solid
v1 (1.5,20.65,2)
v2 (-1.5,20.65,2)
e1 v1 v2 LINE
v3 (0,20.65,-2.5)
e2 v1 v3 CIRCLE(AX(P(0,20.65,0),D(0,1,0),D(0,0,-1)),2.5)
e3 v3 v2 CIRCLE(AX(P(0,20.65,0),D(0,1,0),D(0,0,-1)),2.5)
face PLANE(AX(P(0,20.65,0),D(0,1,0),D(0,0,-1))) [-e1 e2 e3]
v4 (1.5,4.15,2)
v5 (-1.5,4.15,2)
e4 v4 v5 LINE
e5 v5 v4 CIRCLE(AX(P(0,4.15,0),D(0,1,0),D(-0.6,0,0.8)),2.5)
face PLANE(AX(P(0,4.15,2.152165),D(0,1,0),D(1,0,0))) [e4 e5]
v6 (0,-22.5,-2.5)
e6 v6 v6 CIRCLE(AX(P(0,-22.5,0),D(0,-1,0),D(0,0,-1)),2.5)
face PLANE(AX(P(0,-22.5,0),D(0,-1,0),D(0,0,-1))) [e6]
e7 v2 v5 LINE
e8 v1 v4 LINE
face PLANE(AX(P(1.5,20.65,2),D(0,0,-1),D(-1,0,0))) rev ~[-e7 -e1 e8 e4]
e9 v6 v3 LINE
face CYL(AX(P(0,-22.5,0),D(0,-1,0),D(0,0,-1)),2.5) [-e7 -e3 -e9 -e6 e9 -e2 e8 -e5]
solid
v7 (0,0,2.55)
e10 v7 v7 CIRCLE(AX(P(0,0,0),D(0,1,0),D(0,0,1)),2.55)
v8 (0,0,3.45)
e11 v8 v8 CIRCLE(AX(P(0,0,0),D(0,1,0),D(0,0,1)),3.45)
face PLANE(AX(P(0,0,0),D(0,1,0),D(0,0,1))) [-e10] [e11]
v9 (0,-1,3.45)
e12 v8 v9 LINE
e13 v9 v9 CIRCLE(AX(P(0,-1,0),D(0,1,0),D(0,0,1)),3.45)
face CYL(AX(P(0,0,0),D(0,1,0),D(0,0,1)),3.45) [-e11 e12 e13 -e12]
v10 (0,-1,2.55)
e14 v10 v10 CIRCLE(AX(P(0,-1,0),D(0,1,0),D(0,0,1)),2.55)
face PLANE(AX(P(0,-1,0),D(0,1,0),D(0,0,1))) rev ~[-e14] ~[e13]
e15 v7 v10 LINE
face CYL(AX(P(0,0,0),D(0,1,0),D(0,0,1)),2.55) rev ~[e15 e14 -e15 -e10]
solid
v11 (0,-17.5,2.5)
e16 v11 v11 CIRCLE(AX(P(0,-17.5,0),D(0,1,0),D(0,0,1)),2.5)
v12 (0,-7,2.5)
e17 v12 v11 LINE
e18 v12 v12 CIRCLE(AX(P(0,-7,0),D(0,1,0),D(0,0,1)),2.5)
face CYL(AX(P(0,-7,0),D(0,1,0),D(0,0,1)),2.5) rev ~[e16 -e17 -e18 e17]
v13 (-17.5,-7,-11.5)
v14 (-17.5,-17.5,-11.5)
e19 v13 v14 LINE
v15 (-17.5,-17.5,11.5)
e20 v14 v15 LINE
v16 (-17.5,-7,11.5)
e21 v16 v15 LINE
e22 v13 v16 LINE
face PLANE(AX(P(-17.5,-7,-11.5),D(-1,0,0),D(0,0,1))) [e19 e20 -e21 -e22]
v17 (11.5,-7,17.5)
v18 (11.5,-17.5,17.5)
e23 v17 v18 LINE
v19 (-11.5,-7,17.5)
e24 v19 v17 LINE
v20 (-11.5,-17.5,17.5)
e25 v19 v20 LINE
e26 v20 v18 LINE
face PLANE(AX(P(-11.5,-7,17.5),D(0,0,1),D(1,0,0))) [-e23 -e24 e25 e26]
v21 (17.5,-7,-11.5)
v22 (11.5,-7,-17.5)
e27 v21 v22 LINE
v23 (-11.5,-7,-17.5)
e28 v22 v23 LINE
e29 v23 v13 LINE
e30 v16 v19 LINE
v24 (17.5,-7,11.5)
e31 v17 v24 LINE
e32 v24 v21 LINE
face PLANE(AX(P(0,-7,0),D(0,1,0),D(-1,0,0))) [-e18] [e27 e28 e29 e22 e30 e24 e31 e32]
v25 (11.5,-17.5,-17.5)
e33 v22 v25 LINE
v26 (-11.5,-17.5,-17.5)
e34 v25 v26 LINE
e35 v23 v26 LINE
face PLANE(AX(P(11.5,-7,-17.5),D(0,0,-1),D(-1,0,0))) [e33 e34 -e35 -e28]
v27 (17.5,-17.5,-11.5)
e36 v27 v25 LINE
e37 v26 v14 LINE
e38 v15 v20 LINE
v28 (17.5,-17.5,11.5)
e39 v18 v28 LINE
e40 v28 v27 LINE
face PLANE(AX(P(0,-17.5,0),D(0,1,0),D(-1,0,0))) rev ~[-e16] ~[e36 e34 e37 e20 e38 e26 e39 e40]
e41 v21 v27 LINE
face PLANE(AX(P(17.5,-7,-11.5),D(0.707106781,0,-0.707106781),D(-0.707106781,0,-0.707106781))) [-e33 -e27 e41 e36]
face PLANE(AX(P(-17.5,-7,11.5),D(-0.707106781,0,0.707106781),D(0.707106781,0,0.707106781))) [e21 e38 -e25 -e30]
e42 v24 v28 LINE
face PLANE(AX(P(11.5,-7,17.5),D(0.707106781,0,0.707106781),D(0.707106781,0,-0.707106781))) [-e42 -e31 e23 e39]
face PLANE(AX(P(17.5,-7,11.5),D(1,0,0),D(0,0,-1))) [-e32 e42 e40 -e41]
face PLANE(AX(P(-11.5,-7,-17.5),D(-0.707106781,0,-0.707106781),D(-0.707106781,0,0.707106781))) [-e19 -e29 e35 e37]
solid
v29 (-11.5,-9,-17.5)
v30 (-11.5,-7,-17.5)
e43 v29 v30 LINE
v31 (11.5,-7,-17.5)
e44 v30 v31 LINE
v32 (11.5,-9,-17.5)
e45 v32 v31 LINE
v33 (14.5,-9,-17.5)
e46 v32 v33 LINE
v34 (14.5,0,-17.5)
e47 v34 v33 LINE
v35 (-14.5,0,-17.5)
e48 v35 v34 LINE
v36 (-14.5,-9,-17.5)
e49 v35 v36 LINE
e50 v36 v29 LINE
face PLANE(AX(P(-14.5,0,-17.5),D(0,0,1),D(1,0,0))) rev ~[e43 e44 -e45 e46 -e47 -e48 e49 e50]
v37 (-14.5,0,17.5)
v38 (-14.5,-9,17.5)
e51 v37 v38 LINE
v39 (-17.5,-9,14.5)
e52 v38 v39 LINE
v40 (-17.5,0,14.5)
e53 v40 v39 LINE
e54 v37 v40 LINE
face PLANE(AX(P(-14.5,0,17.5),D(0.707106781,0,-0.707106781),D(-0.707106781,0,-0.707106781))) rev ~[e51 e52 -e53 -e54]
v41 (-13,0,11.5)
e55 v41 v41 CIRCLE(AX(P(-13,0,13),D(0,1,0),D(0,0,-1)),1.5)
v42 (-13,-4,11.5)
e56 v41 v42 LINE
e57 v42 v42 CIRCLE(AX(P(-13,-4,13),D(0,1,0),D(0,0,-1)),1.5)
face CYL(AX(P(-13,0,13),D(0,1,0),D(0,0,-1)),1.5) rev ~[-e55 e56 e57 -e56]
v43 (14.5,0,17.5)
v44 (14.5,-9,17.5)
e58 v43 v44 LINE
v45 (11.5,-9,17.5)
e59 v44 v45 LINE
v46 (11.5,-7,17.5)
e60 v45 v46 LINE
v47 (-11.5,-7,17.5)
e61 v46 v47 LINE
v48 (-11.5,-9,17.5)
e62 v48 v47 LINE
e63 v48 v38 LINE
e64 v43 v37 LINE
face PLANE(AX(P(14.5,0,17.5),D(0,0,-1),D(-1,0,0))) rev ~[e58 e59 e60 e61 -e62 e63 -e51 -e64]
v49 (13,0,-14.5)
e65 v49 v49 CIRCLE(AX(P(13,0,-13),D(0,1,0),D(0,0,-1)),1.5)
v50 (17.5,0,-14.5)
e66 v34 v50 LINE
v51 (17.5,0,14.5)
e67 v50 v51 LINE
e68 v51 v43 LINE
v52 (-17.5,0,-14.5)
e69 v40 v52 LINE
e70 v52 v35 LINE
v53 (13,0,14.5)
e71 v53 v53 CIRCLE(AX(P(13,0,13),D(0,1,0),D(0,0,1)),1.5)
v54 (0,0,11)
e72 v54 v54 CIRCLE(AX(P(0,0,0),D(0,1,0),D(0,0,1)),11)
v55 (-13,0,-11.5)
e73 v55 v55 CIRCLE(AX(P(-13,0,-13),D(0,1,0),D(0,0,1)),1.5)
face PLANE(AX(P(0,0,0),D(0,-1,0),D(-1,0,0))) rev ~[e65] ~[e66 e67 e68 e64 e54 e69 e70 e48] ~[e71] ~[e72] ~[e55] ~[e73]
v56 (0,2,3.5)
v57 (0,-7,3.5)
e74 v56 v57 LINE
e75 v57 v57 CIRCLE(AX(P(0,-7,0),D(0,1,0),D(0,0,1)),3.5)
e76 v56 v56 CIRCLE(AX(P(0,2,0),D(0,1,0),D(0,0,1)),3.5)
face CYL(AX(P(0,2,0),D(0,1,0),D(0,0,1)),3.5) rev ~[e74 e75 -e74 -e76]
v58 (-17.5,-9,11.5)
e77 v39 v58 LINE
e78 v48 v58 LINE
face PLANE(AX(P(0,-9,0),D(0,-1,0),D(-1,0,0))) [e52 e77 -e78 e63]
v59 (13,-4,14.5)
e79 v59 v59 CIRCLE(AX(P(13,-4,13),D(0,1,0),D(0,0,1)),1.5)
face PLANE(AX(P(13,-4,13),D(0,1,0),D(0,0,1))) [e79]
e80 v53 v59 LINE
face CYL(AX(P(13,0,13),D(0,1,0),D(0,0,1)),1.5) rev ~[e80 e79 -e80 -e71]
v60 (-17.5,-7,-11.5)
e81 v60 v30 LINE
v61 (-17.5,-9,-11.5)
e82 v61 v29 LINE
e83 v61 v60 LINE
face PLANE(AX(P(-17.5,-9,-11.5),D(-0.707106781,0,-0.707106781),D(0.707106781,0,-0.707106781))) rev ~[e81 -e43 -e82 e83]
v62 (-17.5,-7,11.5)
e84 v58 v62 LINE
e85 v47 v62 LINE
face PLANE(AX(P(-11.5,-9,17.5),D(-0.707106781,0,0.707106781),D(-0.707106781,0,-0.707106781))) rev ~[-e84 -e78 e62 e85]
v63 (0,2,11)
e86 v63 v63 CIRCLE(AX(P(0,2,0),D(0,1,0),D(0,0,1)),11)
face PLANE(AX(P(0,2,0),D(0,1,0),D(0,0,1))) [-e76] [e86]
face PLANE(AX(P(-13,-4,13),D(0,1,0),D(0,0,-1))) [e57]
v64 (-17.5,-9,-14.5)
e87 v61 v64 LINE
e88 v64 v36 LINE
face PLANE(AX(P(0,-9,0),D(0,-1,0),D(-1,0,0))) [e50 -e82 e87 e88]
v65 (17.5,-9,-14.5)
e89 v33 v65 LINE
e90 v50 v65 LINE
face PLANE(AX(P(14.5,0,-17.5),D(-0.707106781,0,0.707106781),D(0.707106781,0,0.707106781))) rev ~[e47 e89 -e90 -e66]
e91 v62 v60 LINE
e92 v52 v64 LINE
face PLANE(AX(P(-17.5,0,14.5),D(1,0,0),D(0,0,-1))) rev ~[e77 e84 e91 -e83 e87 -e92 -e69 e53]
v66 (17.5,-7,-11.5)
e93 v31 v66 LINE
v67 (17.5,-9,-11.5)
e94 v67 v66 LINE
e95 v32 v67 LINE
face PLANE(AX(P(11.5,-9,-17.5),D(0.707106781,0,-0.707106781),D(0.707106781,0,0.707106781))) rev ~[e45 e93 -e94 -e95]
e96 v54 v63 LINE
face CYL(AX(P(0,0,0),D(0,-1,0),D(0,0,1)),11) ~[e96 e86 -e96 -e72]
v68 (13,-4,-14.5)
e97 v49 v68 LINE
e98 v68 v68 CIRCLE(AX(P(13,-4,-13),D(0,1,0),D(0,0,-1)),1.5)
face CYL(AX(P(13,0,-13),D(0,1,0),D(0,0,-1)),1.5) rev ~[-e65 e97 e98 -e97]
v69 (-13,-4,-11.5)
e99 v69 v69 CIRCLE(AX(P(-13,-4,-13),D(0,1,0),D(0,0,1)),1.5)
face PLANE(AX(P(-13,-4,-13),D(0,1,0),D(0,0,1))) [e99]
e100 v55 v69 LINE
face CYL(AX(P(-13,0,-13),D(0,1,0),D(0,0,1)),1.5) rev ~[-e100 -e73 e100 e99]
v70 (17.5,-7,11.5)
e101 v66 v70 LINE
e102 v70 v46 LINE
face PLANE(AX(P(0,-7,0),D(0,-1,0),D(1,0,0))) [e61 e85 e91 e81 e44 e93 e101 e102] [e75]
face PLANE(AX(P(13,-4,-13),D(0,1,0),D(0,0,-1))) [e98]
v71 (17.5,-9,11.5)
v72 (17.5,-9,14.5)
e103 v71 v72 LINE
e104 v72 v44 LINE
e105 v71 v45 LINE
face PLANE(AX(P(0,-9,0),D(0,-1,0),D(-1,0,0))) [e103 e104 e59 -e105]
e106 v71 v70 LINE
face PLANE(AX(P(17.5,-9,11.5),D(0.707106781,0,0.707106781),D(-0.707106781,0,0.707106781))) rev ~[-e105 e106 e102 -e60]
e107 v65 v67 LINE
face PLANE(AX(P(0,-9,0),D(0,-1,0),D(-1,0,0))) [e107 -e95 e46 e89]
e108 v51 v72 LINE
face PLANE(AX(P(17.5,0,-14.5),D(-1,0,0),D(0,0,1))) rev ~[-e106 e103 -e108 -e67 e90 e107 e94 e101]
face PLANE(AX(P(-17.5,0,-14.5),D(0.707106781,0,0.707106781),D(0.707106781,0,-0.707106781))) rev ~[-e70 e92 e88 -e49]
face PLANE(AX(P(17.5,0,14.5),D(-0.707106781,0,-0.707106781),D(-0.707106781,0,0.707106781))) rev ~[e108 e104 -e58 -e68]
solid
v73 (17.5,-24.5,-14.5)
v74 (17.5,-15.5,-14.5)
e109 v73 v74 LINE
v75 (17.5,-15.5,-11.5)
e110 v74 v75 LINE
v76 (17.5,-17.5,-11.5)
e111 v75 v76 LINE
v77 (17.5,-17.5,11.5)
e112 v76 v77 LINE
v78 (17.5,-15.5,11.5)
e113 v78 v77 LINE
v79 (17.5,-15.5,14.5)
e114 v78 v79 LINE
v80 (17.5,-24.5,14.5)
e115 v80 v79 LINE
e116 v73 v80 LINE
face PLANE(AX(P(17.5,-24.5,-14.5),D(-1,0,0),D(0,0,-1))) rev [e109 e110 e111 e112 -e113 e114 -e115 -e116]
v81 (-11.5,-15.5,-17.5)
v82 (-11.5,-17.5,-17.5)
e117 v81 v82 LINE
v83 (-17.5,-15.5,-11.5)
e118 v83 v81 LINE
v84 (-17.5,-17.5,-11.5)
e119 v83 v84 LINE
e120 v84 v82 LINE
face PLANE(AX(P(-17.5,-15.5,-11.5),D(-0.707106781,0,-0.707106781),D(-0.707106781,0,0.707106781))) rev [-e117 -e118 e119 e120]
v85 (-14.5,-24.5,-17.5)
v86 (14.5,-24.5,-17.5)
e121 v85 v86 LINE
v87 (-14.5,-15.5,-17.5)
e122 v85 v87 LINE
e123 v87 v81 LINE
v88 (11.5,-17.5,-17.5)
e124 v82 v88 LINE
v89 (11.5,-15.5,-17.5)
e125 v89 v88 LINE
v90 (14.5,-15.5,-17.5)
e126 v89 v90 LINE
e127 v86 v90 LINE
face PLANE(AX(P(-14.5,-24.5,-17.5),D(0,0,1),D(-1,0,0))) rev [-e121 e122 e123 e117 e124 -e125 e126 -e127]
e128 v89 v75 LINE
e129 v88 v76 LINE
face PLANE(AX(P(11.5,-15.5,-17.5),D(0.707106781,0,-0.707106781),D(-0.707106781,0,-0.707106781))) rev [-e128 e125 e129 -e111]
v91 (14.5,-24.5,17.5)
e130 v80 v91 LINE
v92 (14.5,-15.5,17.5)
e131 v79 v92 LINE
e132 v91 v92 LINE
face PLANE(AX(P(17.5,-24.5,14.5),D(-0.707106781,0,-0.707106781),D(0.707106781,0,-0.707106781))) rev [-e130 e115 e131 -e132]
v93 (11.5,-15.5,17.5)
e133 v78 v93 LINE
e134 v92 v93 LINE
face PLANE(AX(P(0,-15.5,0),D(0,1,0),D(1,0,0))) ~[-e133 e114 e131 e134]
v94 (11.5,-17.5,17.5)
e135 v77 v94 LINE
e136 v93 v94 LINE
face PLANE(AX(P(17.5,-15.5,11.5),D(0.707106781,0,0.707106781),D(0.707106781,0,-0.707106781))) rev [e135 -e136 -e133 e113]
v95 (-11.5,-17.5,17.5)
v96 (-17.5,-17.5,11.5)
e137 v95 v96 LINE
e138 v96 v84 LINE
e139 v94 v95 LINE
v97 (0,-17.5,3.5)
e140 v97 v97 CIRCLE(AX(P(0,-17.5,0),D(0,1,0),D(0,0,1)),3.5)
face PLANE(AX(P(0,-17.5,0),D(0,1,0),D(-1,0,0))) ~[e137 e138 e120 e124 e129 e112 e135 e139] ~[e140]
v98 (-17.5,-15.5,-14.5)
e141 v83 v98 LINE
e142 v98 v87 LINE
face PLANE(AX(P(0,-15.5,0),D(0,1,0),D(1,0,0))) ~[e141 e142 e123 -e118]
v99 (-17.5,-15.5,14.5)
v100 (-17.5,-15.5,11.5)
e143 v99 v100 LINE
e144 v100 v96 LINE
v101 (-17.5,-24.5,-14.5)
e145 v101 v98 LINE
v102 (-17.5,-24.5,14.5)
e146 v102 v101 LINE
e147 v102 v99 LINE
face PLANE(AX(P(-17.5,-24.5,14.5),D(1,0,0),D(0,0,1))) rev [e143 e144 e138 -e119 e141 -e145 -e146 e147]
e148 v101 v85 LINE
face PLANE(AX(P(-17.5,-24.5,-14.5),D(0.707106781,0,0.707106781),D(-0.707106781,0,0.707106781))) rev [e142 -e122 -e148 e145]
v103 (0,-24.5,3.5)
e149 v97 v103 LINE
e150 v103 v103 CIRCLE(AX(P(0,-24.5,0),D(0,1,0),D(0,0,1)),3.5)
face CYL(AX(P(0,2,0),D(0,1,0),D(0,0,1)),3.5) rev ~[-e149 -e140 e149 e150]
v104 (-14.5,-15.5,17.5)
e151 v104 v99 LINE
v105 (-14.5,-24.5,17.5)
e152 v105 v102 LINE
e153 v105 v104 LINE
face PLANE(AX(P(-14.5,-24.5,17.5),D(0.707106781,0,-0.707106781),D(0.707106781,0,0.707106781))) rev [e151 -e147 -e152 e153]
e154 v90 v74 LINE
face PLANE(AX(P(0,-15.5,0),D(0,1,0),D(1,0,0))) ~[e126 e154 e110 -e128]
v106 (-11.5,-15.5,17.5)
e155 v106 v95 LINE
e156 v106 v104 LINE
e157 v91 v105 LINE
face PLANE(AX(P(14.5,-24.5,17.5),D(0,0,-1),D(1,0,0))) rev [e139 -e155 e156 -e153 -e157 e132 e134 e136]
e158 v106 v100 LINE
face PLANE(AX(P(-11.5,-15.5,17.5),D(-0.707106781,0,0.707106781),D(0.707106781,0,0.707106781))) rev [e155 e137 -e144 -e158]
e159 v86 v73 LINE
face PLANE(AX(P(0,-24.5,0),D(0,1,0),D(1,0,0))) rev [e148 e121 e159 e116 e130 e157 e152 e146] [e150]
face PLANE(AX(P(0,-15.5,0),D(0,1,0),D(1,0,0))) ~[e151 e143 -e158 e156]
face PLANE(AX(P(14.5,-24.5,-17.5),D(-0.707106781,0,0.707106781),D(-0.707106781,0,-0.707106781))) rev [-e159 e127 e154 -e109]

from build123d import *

# Parameters (mm, degrees)
BOSS_EXTRUDE1_DEPTH = 9
CUT_EXTRUDE7_DEPTH  = 2
BOSS_EXTRUDE2_DEPTH = 10.5
SKETCH11_R          = 11
BOSS_EXTRUDE3_DEPTH = 2
SKETCH12_R          = 2.5
CUT_EXTRUDE8_DEPTH  = 10.5
SKETCH13_R          = 3.5
CUT_EXTRUDE9_DEPTH  = 37.259481519
SKETCH14_R          = 2.5
BOSS_EXTRUDE4_DEPTH = 20.65
BOSS_EXTRUDE5_START = -2
SKETCH17_R          = 2.5
BOSS_EXTRUDE5_DEPTH = 22.5
CUT_EXTRUDE10_DEPTH = 16.5
SKETCH18_R          = 1.5
CUT_EXTRUDE11_DEPTH = 4
SKETCH19_R          = 3.45
SKETCH19_R_2        = 2.55
BOSS_EXTRUDE6_DEPTH = 1


with BuildPart() as part:
    # Sketch1 → Boss-Extrude1 (new body)
    with BuildSketch(Plane(origin=(0, 0, 0), x_dir=(1, 0, 0), z_dir=(0, 1, 0))):
        Polygon((-17.5, 14.5), (-14.5, 17.5), (14.5, 17.5), (17.5, 14.5), (17.5, -14.5), (14.5, -17.5), (-14.5, -17.5), (-17.5, -14.5), align=None)
    extrude(amount=-BOSS_EXTRUDE1_DEPTH)

    # Sketch9 → Cut-Extrude7 (cut)
    with BuildSketch(Plane.XZ.offset(9)):
        Polygon((-11.5, -17.5), (11.5, -17.5), (17.5, -11.5), (17.5, 11.5), (11.5, 17.5), (-11.5, 17.5), (-17.5, 11.5), (-17.5, -11.5), align=None)
    extrude(amount=-CUT_EXTRUDE7_DEPTH, mode=Mode.SUBTRACT)


with BuildPart() as body_2:
    # Sketch10 → Boss-Extrude2 (new body)
    with BuildSketch(Plane.XZ.offset(7)):
        Polygon((11.5, -17.5), (-11.5, -17.5), (-17.5, -11.5), (-17.5, 11.5), (-11.5, 17.5), (11.5, 17.5), (17.5, 11.5), (17.5, -11.5), align=None)
    extrude(amount=BOSS_EXTRUDE2_DEPTH)

    # Sketch12 → Cut-Extrude8 (cut)
    with BuildSketch(Plane(origin=(0, -7, 0), x_dir=(1, 0, 0), z_dir=(0, 1, 0))):
        with Locations(Location((0, 0, 0), (0, 0, 270))):
            Circle(SKETCH12_R)
    extrude(amount=-CUT_EXTRUDE8_DEPTH, mode=Mode.SUBTRACT)


with BuildPart() as body_3:
    # Mirror3: mirrored copy
    add(part.part.mirror(Plane.ZX.offset(-12.25)))


with BuildPart() as part_1:
    add(part.part)

    # Sketch11 → Boss-Extrude3 (add)
    with BuildSketch(Plane(origin=(0, 0, 0), x_dir=(1, 0, 0), z_dir=(0, 1, 0))):
        with Locations(Location((0, 0, 0), (0, 0, 270))):
            Circle(SKETCH11_R)
    extrude(amount=BOSS_EXTRUDE3_DEPTH)


with BuildPart() as cut_extrude9_tool:
    # Sketch13 → Cut-Extrude9 (new, through all)
    with BuildSketch(Plane(origin=(0, 2, 0), x_dir=(1, 0, 0), z_dir=(0, 1, 0))):
        with Locations(Location((0, 0, 0), (0, 0, 270))):
            Circle(SKETCH13_R)
    extrude(amount=-CUT_EXTRUDE9_DEPTH)


with BuildPart() as body_3_1:
    add(body_3.part)

    # Cut-Extrude9: cut by cut_extrude9_tool
    add(cut_extrude9_tool.part, mode=Mode.SUBTRACT)


with BuildPart() as part_2:
    add(part_1.part)

    # Cut-Extrude9: cut by cut_extrude9_tool
    add(cut_extrude9_tool.part, mode=Mode.SUBTRACT)

    # Sketch18 → Cut-Extrude11 (cut)
    with BuildSketch(Plane(origin=(0, 0, 0), x_dir=(1, 0, 0), z_dir=(0, 1, 0))):
        with Locations(Location((-13, 13, 0), (0, 0, 270))):
            Circle(SKETCH18_R)
        with Locations(Location((13, 13, 0), (0, 0, 90))):
            Circle(SKETCH18_R)
        with Locations(Location((13, -13, 0), (0, 0, 270))):
            Circle(SKETCH18_R)
        with Locations(Location((-13, -13, 0), (0, 0, 90))):
            Circle(SKETCH18_R)
    extrude(amount=-CUT_EXTRUDE11_DEPTH, mode=Mode.SUBTRACT)


with BuildPart() as body_4:
    # Sketch14 → Boss-Extrude4 (new body)
    with BuildSketch(Plane(origin=(0, 0, 0), x_dir=(1, 0, 0), z_dir=(0, 1, 0))):
        with Locations(Location((0, 0, 0), (0, 0, 90))):
            Circle(SKETCH14_R)
    extrude(amount=BOSS_EXTRUDE4_DEPTH)

    # Sketch17 → Boss-Extrude5 (add)
    with BuildSketch(Plane.XZ.offset(24.5).offset(BOSS_EXTRUDE5_START)):
        with Locations(Location((0, 0, 0), (0, 0, 270))):
            Circle(SKETCH17_R)
    extrude(amount=-BOSS_EXTRUDE5_DEPTH)

    # Sketch15 → Cut-Extrude10 (cut)
    with BuildSketch(Plane(origin=(0, 20.65, 0), x_dir=(1, 0, 0), z_dir=(0, 1, 0))):
        with BuildLine():
            Line((0, -2), (-1.5, -2))
            ThreePointArc((-1.5, -2), (0, -2.5), (1.5, -2))
            Line((1.5, -2), (0, -2))
        make_face()
    extrude(amount=-CUT_EXTRUDE10_DEPTH, mode=Mode.SUBTRACT)


with BuildPart() as body_5:
    # Sketch19 → Boss-Extrude6 (new body)
    with BuildSketch(Plane(origin=(0, 0, 0), x_dir=(1, 0, 0), z_dir=(0, 1, 0))):
        with Locations(Location((0, 0, 0), (0, 0, 270))):
            Circle(SKETCH19_R)
        with Locations(Location((0, 0, 0), (0, 0, 270))):
            Circle(SKETCH19_R_2, mode=Mode.SUBTRACT)
    extrude(amount=-BOSS_EXTRUDE6_DEPTH)


solid = Compound([body_2.part, body_3_1.part, part_2.part, body_4.part, body_5.part])
